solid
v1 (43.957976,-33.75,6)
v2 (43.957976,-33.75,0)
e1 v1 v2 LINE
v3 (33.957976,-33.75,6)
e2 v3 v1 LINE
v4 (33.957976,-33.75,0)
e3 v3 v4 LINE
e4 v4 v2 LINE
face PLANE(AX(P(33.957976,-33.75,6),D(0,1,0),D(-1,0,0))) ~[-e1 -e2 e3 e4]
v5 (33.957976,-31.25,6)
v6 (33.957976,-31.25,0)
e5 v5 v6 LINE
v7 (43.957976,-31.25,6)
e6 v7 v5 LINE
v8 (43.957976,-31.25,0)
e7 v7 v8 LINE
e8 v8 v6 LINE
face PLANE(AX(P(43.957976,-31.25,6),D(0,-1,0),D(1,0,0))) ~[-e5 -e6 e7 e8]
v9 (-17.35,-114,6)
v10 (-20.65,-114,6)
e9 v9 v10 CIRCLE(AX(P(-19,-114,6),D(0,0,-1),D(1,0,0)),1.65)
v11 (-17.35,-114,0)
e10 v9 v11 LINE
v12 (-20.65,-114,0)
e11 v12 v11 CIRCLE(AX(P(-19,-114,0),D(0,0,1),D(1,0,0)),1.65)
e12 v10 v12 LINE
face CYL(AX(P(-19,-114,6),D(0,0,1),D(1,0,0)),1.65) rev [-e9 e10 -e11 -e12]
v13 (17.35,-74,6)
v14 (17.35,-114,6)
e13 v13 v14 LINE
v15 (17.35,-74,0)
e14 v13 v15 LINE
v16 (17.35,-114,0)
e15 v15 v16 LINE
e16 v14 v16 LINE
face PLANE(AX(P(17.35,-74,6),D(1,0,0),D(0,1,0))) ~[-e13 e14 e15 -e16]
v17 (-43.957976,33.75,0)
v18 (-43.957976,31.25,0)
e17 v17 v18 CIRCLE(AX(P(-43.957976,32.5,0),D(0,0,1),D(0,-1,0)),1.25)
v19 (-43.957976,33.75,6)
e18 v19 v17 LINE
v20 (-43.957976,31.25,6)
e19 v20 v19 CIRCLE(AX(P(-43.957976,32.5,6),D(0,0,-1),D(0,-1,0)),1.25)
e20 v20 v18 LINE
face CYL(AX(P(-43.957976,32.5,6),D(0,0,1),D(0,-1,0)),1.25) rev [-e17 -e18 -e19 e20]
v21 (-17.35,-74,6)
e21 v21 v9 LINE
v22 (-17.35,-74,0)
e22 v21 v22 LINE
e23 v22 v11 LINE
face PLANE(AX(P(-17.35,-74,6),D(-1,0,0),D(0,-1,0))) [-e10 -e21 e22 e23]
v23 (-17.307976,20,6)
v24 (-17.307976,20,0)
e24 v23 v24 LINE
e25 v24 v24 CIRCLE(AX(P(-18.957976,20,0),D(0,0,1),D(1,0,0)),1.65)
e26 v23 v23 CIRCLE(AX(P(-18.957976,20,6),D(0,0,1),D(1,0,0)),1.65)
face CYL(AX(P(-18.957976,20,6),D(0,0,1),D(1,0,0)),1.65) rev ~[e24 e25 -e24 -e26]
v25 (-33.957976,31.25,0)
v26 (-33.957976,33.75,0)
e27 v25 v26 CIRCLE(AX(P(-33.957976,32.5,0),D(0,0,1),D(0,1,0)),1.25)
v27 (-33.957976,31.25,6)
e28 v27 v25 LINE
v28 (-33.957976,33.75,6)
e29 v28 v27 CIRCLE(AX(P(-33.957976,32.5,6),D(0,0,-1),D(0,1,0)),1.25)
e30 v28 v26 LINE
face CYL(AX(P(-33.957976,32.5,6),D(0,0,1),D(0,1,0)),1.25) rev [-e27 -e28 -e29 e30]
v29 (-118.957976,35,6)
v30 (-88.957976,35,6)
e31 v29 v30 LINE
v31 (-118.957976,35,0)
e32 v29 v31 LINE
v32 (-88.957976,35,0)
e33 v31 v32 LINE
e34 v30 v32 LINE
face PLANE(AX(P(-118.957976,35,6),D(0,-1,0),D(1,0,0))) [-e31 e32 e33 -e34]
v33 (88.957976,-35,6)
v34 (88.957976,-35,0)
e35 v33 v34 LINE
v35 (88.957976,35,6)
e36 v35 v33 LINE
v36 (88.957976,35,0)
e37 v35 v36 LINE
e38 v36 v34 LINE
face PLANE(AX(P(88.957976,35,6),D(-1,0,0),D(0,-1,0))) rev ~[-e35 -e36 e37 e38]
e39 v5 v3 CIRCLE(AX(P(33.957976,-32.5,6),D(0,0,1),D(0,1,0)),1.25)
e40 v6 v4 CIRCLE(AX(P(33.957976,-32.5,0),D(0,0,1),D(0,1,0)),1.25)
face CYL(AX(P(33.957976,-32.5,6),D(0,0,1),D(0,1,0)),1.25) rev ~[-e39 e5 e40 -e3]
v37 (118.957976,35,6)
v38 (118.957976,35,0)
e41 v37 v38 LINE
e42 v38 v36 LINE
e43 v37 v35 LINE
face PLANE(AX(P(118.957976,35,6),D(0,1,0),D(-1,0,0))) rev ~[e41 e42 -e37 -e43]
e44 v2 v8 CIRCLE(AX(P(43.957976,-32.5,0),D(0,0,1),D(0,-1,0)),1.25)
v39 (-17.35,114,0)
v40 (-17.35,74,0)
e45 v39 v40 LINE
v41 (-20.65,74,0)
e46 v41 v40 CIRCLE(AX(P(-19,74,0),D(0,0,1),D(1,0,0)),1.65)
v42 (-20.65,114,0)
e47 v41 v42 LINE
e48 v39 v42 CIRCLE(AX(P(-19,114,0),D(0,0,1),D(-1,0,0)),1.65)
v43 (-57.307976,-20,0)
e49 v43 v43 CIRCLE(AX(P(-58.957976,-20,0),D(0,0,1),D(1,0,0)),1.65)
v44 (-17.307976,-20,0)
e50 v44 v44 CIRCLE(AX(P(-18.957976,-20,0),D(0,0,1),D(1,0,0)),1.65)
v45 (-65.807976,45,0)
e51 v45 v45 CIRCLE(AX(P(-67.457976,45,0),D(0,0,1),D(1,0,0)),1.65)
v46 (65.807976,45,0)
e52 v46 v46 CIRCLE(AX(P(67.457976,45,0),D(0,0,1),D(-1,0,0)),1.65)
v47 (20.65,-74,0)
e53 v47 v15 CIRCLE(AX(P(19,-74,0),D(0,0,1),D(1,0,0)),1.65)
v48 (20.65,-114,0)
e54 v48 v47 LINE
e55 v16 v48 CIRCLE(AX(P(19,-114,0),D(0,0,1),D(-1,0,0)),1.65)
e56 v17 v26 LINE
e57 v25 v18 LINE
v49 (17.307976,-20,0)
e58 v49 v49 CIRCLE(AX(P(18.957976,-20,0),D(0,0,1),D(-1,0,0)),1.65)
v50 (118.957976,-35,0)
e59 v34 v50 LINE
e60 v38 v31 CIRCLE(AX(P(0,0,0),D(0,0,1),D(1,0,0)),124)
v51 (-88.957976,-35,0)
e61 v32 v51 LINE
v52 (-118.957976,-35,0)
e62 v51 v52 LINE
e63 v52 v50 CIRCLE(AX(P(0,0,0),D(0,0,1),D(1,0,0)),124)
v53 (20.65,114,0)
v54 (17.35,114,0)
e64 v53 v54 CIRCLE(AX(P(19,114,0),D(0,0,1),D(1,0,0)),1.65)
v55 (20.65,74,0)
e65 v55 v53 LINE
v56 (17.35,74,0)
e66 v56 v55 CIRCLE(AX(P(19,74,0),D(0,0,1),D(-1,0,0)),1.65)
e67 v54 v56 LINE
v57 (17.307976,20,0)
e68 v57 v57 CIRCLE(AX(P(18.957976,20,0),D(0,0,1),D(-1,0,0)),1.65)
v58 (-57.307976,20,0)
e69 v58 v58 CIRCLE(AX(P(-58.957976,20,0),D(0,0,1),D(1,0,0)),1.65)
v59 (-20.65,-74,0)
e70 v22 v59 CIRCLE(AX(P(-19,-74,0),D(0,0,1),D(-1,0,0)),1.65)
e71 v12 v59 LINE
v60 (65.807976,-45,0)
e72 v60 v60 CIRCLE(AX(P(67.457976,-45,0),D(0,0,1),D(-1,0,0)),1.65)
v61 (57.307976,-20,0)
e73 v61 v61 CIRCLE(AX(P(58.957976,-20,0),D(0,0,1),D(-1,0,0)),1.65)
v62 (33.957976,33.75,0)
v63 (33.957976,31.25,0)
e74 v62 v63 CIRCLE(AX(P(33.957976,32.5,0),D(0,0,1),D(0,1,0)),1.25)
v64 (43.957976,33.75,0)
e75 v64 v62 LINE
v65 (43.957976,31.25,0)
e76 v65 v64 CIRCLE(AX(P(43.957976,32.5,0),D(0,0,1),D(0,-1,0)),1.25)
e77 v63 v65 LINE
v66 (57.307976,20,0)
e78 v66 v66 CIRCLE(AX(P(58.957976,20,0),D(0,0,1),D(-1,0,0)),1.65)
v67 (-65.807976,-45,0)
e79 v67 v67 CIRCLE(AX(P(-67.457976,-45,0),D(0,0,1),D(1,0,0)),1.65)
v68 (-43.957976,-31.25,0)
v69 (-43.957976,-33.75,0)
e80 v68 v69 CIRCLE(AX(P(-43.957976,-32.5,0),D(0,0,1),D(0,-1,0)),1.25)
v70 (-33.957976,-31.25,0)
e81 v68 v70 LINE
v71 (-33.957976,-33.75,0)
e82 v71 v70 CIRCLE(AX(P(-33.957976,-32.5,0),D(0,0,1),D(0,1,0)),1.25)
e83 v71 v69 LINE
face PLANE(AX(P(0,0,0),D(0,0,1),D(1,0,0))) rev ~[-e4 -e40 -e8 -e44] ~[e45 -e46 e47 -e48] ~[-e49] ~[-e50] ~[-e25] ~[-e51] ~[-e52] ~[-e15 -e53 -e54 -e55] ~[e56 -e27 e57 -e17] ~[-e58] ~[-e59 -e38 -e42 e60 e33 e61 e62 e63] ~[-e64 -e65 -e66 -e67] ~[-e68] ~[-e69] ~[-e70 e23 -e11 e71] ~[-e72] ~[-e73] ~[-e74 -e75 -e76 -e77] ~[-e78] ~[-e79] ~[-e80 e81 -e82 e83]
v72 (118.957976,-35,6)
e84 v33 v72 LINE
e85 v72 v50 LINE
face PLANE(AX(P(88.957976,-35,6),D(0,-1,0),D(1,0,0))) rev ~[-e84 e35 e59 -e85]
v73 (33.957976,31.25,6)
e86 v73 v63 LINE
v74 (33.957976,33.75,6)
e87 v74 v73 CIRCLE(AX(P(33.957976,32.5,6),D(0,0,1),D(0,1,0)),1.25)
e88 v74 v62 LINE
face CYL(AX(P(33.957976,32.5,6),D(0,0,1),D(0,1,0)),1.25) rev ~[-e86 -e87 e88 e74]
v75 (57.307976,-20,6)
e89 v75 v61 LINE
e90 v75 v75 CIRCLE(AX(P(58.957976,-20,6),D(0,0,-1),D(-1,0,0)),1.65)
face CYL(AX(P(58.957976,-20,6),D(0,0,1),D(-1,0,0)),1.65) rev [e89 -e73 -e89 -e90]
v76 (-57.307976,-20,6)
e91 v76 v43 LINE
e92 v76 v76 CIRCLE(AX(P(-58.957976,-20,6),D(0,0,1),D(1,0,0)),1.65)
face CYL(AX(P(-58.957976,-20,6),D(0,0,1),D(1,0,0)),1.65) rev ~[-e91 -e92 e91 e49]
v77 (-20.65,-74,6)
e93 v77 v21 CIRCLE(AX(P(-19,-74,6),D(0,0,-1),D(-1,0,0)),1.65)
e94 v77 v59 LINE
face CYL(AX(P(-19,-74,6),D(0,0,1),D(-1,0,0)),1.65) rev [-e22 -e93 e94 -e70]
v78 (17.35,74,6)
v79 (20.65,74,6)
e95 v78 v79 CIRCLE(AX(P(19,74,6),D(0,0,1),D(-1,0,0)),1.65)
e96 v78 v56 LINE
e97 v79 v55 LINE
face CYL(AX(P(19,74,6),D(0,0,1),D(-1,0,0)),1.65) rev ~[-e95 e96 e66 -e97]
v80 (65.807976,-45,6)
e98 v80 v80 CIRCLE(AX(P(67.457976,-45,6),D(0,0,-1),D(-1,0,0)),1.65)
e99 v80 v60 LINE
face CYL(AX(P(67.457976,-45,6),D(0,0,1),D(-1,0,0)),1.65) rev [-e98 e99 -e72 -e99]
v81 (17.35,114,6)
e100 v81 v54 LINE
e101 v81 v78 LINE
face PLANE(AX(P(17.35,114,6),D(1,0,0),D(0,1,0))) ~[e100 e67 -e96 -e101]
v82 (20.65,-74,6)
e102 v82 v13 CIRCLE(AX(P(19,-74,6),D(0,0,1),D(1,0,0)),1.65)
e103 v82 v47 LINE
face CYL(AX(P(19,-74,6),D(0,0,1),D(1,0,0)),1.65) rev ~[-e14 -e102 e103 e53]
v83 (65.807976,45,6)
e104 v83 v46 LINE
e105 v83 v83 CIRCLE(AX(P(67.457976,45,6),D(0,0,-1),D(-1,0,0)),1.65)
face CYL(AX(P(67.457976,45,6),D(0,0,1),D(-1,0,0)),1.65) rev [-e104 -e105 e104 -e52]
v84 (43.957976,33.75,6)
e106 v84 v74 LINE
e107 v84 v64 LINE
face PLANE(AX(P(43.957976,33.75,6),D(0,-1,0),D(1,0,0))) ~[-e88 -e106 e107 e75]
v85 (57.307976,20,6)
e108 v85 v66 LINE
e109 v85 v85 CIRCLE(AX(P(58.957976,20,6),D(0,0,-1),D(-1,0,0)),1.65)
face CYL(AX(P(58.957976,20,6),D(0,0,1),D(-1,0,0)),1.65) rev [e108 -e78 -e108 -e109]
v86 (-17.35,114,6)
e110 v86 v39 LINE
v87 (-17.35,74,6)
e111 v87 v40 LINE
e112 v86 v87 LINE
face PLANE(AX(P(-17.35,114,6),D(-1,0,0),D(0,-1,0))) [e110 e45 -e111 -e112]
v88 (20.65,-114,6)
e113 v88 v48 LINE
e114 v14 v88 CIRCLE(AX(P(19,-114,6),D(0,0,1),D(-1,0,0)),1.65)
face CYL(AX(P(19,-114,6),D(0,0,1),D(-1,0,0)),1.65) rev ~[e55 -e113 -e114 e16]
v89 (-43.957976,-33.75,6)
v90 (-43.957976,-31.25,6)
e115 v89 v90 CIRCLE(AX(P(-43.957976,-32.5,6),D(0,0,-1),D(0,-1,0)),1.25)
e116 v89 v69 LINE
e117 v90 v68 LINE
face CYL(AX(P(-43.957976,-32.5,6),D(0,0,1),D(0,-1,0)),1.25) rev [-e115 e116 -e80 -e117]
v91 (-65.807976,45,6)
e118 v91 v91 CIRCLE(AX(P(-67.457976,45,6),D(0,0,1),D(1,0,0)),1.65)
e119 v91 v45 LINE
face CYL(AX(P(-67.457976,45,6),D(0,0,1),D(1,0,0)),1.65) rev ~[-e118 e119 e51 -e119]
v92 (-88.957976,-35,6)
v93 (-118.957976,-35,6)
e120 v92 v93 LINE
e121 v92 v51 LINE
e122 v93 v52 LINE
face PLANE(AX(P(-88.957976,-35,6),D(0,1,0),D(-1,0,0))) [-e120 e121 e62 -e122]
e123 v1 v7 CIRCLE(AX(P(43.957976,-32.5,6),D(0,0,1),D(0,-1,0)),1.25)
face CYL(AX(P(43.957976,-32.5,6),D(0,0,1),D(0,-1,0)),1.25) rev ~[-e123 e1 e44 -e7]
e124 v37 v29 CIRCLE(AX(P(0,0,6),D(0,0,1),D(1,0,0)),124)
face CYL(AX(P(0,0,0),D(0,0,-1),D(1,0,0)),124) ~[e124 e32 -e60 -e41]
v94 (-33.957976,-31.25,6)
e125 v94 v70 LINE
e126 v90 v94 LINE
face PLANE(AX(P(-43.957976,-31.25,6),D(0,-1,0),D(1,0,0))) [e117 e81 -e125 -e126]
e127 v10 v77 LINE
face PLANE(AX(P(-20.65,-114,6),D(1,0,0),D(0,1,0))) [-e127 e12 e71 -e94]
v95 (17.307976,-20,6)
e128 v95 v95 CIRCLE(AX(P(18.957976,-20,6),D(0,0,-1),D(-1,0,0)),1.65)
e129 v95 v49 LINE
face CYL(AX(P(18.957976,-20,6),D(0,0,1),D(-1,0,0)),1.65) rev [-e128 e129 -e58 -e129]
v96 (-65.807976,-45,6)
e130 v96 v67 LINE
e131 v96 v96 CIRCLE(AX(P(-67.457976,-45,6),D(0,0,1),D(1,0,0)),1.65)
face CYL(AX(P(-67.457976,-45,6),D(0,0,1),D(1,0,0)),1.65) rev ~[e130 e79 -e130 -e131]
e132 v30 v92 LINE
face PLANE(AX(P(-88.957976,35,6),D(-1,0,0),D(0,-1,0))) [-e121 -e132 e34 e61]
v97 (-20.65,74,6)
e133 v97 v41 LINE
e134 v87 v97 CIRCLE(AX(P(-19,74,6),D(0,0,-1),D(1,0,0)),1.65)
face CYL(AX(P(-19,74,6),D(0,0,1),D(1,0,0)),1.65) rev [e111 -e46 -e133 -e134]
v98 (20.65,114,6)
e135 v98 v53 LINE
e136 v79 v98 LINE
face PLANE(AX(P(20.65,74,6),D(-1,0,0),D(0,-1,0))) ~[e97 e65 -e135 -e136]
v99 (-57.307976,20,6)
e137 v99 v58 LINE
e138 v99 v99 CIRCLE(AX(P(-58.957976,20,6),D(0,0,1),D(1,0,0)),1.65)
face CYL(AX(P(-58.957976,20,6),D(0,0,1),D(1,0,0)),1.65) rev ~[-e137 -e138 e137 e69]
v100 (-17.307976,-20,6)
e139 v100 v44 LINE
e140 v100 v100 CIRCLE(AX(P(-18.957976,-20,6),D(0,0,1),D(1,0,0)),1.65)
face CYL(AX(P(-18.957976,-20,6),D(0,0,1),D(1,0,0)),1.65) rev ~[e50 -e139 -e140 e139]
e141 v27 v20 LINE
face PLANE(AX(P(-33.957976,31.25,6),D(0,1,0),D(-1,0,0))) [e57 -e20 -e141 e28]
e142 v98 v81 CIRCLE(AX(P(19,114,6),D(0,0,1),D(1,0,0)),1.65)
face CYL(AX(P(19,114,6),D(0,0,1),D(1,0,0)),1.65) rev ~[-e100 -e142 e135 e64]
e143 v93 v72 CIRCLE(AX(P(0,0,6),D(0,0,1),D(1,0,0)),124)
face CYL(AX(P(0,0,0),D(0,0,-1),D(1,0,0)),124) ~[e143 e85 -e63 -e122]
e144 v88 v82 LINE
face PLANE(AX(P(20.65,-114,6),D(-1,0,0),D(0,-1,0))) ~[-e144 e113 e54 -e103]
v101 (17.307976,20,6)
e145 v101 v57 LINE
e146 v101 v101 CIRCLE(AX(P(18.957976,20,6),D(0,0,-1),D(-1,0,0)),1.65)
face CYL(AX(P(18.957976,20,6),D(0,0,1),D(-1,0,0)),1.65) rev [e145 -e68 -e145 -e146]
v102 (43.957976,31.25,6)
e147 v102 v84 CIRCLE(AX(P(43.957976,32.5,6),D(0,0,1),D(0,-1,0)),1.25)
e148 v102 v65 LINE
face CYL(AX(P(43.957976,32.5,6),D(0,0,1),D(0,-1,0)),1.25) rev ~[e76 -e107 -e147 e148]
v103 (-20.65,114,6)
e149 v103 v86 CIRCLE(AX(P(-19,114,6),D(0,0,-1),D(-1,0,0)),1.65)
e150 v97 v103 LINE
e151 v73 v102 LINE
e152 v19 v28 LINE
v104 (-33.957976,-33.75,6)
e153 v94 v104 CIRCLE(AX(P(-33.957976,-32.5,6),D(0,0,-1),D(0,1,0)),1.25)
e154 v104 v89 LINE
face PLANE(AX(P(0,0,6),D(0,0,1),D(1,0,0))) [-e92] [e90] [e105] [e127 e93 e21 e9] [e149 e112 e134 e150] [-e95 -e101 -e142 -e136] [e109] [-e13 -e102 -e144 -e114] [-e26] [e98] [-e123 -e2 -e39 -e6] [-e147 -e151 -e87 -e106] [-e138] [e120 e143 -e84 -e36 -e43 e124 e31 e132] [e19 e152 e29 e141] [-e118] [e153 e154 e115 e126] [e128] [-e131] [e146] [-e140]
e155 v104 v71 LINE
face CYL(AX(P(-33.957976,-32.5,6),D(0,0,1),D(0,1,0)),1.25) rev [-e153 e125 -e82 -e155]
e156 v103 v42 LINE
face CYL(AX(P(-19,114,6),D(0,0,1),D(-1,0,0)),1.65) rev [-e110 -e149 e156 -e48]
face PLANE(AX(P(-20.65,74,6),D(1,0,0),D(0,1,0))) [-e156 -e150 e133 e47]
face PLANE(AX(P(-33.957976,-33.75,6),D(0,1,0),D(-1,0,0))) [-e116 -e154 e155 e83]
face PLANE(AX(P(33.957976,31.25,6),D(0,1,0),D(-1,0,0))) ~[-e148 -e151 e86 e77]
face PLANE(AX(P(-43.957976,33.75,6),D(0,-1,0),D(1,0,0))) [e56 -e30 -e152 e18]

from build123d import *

# Parameters (mm, degrees)
ESQUISSE1_R             = 124
BOSS_EXTRU_1_DEPTH      = 6
ENL_V_MAT_EXTRU_1_DEPTH = 176.465096244
ESQUISSE3_R             = 1.65
ENL_V_MAT_EXTRU_3_DEPTH = 172.938942651
ESQUISSE5_R             = 1.65
ENL_V_MAT_EXTRU_4_DEPTH = 172.938942651
ENL_V_MAT_EXTRU_5_DEPTH = 172.938942651
ENL_V_MAT_EXTRU_6_DEPTH = 172.938942651


with BuildPart() as part:
    # Esquisse1 → Boss.-Extru.1 (new body)
    with BuildSketch(Plane.XY):
        Circle(ESQUISSE1_R)
    extrude(amount=BOSS_EXTRU_1_DEPTH)

    # Esquisse2 → Enlèv. mat.-Extru.1 (cut, through all)
    with BuildSketch(Plane.XY.offset(6)):
        with BuildLine():
            Line((-118.957975773, 35), (-88.957975773, 35))
            Line((-88.957975773, 35), (-88.957975773, -35))
            Line((-88.957975773, -35), (-118.957975773, -35))
            ThreePointArc((-118.957975773, -35), (-124, 0), (-118.957975773, 35))
        make_face()
        with BuildLine():
            Line((118.957975773, 35), (88.957975773, 35))
            Line((88.957975773, 35), (88.957975773, -35))
            Line((88.957975773, -35), (118.957975773, -35))
            ThreePointArc((118.957975773, -35), (124, 0), (118.957975773, 35))
        make_face()
    extrude(amount=-ENL_V_MAT_EXTRU_1_DEPTH, mode=Mode.SUBTRACT)

    # Esquisse3 → Enlèv. mat.-Extru.3 (cut, through all)
    with BuildSketch(Plane.XY.offset(6)):
        with Locations((-58.957975773, 20)):
            Circle(ESQUISSE3_R)
        with Locations((-18.957975773, 20)):
            Circle(ESQUISSE3_R)
        with Locations((-18.957975773, -20)):
            Circle(ESQUISSE3_R)
        with Locations((-58.957975773, -20)):
            Circle(ESQUISSE3_R)
    enl_v_mat_extru_3 = extrude(amount=-ENL_V_MAT_EXTRU_3_DEPTH, mode=Mode.SUBTRACT)

    # Esquisse5 → Enlèv. mat.-Extru.4 (cut, through all)
    with BuildSketch(Plane.XY.offset(6)):
        with Locations((-67.457975773, 45)):
            Circle(ESQUISSE5_R)
        with Locations((-67.457975773, -45)):
            Circle(ESQUISSE5_R)
    enl_v_mat_extru_4 = extrude(amount=-ENL_V_MAT_EXTRU_4_DEPTH, mode=Mode.SUBTRACT)

    # Esquisse6 → Enlèv. mat.-Extru.5 (cut, through all)
    with BuildSketch(Plane.XY.offset(6)):
        with BuildLine():
            Line((-43.957975773, 33.75), (-33.957975773, 33.75))
            ThreePointArc((-33.957975773, 33.75), (-32.707975773, 32.5), (-33.957975773, 31.25))
            Line((-33.957975773, 31.25), (-43.957975773, 31.25))
            ThreePointArc((-43.957975773, 31.25), (-45.207975773, 32.5), (-43.957975773, 33.75))
        make_face()
        with BuildLine():
            Line((-43.957975773, -31.25), (-33.957975773, -31.25))
            ThreePointArc((-33.957975773, -31.25), (-32.707975773, -32.5), (-33.957975773, -33.75))
            Line((-33.957975773, -33.75), (-43.957975773, -33.75))
            ThreePointArc((-43.957975773, -33.75), (-45.207975773, -32.5), (-43.957975773, -31.25))
        make_face()
    enl_v_mat_extru_5 = extrude(amount=-ENL_V_MAT_EXTRU_5_DEPTH, mode=Mode.SUBTRACT)

    # Esquisse7 → Enlèv. mat.-Extru.6 (cut, through all)
    with BuildSketch(Plane.XY.offset(6)):
        with BuildLine():
            Line((-17.35, 114), (-17.35, 74))
            ThreePointArc((-17.35, 74), (-19, 72.35), (-20.65, 74))
            Line((-20.65, 74), (-20.65, 114))
            ThreePointArc((-20.65, 114), (-19, 115.65), (-17.35, 114))
        make_face()
        with BuildLine():
            Line((-17.35, -74), (-17.35, -114))
            ThreePointArc((-17.35, -114), (-19, -115.65), (-20.65, -114))
            Line((-20.65, -114), (-20.65, -74))
            ThreePointArc((-20.65, -74), (-19, -72.35), (-17.35, -74))
        make_face()
    enl_v_mat_extru_6 = extrude(amount=-ENL_V_MAT_EXTRU_6_DEPTH, mode=Mode.SUBTRACT)

    # Symétrie2: Enlèv. mat.-Extru.3, Enlèv. mat.-Extru.4, Enlèv. mat.-Extru.5, Enlèv. mat.-Extru.6 across plane
    add(enl_v_mat_extru_3.mirror(Plane(origin=(0, 0, 0), x_dir=(0, 0, 1), z_dir=(1, 0, 0))), mode=Mode.SUBTRACT)
    add(enl_v_mat_extru_4.mirror(Plane(origin=(0, 0, 0), x_dir=(0, 0, 1), z_dir=(1, 0, 0))), mode=Mode.SUBTRACT)
    add(enl_v_mat_extru_5.mirror(Plane(origin=(0, 0, 0), x_dir=(0, 0, 1), z_dir=(1, 0, 0))), mode=Mode.SUBTRACT)
    add(enl_v_mat_extru_6.mirror(Plane(origin=(0, 0, 0), x_dir=(0, 0, 1), z_dir=(1, 0, 0))), mode=Mode.SUBTRACT)


solid = part.part
